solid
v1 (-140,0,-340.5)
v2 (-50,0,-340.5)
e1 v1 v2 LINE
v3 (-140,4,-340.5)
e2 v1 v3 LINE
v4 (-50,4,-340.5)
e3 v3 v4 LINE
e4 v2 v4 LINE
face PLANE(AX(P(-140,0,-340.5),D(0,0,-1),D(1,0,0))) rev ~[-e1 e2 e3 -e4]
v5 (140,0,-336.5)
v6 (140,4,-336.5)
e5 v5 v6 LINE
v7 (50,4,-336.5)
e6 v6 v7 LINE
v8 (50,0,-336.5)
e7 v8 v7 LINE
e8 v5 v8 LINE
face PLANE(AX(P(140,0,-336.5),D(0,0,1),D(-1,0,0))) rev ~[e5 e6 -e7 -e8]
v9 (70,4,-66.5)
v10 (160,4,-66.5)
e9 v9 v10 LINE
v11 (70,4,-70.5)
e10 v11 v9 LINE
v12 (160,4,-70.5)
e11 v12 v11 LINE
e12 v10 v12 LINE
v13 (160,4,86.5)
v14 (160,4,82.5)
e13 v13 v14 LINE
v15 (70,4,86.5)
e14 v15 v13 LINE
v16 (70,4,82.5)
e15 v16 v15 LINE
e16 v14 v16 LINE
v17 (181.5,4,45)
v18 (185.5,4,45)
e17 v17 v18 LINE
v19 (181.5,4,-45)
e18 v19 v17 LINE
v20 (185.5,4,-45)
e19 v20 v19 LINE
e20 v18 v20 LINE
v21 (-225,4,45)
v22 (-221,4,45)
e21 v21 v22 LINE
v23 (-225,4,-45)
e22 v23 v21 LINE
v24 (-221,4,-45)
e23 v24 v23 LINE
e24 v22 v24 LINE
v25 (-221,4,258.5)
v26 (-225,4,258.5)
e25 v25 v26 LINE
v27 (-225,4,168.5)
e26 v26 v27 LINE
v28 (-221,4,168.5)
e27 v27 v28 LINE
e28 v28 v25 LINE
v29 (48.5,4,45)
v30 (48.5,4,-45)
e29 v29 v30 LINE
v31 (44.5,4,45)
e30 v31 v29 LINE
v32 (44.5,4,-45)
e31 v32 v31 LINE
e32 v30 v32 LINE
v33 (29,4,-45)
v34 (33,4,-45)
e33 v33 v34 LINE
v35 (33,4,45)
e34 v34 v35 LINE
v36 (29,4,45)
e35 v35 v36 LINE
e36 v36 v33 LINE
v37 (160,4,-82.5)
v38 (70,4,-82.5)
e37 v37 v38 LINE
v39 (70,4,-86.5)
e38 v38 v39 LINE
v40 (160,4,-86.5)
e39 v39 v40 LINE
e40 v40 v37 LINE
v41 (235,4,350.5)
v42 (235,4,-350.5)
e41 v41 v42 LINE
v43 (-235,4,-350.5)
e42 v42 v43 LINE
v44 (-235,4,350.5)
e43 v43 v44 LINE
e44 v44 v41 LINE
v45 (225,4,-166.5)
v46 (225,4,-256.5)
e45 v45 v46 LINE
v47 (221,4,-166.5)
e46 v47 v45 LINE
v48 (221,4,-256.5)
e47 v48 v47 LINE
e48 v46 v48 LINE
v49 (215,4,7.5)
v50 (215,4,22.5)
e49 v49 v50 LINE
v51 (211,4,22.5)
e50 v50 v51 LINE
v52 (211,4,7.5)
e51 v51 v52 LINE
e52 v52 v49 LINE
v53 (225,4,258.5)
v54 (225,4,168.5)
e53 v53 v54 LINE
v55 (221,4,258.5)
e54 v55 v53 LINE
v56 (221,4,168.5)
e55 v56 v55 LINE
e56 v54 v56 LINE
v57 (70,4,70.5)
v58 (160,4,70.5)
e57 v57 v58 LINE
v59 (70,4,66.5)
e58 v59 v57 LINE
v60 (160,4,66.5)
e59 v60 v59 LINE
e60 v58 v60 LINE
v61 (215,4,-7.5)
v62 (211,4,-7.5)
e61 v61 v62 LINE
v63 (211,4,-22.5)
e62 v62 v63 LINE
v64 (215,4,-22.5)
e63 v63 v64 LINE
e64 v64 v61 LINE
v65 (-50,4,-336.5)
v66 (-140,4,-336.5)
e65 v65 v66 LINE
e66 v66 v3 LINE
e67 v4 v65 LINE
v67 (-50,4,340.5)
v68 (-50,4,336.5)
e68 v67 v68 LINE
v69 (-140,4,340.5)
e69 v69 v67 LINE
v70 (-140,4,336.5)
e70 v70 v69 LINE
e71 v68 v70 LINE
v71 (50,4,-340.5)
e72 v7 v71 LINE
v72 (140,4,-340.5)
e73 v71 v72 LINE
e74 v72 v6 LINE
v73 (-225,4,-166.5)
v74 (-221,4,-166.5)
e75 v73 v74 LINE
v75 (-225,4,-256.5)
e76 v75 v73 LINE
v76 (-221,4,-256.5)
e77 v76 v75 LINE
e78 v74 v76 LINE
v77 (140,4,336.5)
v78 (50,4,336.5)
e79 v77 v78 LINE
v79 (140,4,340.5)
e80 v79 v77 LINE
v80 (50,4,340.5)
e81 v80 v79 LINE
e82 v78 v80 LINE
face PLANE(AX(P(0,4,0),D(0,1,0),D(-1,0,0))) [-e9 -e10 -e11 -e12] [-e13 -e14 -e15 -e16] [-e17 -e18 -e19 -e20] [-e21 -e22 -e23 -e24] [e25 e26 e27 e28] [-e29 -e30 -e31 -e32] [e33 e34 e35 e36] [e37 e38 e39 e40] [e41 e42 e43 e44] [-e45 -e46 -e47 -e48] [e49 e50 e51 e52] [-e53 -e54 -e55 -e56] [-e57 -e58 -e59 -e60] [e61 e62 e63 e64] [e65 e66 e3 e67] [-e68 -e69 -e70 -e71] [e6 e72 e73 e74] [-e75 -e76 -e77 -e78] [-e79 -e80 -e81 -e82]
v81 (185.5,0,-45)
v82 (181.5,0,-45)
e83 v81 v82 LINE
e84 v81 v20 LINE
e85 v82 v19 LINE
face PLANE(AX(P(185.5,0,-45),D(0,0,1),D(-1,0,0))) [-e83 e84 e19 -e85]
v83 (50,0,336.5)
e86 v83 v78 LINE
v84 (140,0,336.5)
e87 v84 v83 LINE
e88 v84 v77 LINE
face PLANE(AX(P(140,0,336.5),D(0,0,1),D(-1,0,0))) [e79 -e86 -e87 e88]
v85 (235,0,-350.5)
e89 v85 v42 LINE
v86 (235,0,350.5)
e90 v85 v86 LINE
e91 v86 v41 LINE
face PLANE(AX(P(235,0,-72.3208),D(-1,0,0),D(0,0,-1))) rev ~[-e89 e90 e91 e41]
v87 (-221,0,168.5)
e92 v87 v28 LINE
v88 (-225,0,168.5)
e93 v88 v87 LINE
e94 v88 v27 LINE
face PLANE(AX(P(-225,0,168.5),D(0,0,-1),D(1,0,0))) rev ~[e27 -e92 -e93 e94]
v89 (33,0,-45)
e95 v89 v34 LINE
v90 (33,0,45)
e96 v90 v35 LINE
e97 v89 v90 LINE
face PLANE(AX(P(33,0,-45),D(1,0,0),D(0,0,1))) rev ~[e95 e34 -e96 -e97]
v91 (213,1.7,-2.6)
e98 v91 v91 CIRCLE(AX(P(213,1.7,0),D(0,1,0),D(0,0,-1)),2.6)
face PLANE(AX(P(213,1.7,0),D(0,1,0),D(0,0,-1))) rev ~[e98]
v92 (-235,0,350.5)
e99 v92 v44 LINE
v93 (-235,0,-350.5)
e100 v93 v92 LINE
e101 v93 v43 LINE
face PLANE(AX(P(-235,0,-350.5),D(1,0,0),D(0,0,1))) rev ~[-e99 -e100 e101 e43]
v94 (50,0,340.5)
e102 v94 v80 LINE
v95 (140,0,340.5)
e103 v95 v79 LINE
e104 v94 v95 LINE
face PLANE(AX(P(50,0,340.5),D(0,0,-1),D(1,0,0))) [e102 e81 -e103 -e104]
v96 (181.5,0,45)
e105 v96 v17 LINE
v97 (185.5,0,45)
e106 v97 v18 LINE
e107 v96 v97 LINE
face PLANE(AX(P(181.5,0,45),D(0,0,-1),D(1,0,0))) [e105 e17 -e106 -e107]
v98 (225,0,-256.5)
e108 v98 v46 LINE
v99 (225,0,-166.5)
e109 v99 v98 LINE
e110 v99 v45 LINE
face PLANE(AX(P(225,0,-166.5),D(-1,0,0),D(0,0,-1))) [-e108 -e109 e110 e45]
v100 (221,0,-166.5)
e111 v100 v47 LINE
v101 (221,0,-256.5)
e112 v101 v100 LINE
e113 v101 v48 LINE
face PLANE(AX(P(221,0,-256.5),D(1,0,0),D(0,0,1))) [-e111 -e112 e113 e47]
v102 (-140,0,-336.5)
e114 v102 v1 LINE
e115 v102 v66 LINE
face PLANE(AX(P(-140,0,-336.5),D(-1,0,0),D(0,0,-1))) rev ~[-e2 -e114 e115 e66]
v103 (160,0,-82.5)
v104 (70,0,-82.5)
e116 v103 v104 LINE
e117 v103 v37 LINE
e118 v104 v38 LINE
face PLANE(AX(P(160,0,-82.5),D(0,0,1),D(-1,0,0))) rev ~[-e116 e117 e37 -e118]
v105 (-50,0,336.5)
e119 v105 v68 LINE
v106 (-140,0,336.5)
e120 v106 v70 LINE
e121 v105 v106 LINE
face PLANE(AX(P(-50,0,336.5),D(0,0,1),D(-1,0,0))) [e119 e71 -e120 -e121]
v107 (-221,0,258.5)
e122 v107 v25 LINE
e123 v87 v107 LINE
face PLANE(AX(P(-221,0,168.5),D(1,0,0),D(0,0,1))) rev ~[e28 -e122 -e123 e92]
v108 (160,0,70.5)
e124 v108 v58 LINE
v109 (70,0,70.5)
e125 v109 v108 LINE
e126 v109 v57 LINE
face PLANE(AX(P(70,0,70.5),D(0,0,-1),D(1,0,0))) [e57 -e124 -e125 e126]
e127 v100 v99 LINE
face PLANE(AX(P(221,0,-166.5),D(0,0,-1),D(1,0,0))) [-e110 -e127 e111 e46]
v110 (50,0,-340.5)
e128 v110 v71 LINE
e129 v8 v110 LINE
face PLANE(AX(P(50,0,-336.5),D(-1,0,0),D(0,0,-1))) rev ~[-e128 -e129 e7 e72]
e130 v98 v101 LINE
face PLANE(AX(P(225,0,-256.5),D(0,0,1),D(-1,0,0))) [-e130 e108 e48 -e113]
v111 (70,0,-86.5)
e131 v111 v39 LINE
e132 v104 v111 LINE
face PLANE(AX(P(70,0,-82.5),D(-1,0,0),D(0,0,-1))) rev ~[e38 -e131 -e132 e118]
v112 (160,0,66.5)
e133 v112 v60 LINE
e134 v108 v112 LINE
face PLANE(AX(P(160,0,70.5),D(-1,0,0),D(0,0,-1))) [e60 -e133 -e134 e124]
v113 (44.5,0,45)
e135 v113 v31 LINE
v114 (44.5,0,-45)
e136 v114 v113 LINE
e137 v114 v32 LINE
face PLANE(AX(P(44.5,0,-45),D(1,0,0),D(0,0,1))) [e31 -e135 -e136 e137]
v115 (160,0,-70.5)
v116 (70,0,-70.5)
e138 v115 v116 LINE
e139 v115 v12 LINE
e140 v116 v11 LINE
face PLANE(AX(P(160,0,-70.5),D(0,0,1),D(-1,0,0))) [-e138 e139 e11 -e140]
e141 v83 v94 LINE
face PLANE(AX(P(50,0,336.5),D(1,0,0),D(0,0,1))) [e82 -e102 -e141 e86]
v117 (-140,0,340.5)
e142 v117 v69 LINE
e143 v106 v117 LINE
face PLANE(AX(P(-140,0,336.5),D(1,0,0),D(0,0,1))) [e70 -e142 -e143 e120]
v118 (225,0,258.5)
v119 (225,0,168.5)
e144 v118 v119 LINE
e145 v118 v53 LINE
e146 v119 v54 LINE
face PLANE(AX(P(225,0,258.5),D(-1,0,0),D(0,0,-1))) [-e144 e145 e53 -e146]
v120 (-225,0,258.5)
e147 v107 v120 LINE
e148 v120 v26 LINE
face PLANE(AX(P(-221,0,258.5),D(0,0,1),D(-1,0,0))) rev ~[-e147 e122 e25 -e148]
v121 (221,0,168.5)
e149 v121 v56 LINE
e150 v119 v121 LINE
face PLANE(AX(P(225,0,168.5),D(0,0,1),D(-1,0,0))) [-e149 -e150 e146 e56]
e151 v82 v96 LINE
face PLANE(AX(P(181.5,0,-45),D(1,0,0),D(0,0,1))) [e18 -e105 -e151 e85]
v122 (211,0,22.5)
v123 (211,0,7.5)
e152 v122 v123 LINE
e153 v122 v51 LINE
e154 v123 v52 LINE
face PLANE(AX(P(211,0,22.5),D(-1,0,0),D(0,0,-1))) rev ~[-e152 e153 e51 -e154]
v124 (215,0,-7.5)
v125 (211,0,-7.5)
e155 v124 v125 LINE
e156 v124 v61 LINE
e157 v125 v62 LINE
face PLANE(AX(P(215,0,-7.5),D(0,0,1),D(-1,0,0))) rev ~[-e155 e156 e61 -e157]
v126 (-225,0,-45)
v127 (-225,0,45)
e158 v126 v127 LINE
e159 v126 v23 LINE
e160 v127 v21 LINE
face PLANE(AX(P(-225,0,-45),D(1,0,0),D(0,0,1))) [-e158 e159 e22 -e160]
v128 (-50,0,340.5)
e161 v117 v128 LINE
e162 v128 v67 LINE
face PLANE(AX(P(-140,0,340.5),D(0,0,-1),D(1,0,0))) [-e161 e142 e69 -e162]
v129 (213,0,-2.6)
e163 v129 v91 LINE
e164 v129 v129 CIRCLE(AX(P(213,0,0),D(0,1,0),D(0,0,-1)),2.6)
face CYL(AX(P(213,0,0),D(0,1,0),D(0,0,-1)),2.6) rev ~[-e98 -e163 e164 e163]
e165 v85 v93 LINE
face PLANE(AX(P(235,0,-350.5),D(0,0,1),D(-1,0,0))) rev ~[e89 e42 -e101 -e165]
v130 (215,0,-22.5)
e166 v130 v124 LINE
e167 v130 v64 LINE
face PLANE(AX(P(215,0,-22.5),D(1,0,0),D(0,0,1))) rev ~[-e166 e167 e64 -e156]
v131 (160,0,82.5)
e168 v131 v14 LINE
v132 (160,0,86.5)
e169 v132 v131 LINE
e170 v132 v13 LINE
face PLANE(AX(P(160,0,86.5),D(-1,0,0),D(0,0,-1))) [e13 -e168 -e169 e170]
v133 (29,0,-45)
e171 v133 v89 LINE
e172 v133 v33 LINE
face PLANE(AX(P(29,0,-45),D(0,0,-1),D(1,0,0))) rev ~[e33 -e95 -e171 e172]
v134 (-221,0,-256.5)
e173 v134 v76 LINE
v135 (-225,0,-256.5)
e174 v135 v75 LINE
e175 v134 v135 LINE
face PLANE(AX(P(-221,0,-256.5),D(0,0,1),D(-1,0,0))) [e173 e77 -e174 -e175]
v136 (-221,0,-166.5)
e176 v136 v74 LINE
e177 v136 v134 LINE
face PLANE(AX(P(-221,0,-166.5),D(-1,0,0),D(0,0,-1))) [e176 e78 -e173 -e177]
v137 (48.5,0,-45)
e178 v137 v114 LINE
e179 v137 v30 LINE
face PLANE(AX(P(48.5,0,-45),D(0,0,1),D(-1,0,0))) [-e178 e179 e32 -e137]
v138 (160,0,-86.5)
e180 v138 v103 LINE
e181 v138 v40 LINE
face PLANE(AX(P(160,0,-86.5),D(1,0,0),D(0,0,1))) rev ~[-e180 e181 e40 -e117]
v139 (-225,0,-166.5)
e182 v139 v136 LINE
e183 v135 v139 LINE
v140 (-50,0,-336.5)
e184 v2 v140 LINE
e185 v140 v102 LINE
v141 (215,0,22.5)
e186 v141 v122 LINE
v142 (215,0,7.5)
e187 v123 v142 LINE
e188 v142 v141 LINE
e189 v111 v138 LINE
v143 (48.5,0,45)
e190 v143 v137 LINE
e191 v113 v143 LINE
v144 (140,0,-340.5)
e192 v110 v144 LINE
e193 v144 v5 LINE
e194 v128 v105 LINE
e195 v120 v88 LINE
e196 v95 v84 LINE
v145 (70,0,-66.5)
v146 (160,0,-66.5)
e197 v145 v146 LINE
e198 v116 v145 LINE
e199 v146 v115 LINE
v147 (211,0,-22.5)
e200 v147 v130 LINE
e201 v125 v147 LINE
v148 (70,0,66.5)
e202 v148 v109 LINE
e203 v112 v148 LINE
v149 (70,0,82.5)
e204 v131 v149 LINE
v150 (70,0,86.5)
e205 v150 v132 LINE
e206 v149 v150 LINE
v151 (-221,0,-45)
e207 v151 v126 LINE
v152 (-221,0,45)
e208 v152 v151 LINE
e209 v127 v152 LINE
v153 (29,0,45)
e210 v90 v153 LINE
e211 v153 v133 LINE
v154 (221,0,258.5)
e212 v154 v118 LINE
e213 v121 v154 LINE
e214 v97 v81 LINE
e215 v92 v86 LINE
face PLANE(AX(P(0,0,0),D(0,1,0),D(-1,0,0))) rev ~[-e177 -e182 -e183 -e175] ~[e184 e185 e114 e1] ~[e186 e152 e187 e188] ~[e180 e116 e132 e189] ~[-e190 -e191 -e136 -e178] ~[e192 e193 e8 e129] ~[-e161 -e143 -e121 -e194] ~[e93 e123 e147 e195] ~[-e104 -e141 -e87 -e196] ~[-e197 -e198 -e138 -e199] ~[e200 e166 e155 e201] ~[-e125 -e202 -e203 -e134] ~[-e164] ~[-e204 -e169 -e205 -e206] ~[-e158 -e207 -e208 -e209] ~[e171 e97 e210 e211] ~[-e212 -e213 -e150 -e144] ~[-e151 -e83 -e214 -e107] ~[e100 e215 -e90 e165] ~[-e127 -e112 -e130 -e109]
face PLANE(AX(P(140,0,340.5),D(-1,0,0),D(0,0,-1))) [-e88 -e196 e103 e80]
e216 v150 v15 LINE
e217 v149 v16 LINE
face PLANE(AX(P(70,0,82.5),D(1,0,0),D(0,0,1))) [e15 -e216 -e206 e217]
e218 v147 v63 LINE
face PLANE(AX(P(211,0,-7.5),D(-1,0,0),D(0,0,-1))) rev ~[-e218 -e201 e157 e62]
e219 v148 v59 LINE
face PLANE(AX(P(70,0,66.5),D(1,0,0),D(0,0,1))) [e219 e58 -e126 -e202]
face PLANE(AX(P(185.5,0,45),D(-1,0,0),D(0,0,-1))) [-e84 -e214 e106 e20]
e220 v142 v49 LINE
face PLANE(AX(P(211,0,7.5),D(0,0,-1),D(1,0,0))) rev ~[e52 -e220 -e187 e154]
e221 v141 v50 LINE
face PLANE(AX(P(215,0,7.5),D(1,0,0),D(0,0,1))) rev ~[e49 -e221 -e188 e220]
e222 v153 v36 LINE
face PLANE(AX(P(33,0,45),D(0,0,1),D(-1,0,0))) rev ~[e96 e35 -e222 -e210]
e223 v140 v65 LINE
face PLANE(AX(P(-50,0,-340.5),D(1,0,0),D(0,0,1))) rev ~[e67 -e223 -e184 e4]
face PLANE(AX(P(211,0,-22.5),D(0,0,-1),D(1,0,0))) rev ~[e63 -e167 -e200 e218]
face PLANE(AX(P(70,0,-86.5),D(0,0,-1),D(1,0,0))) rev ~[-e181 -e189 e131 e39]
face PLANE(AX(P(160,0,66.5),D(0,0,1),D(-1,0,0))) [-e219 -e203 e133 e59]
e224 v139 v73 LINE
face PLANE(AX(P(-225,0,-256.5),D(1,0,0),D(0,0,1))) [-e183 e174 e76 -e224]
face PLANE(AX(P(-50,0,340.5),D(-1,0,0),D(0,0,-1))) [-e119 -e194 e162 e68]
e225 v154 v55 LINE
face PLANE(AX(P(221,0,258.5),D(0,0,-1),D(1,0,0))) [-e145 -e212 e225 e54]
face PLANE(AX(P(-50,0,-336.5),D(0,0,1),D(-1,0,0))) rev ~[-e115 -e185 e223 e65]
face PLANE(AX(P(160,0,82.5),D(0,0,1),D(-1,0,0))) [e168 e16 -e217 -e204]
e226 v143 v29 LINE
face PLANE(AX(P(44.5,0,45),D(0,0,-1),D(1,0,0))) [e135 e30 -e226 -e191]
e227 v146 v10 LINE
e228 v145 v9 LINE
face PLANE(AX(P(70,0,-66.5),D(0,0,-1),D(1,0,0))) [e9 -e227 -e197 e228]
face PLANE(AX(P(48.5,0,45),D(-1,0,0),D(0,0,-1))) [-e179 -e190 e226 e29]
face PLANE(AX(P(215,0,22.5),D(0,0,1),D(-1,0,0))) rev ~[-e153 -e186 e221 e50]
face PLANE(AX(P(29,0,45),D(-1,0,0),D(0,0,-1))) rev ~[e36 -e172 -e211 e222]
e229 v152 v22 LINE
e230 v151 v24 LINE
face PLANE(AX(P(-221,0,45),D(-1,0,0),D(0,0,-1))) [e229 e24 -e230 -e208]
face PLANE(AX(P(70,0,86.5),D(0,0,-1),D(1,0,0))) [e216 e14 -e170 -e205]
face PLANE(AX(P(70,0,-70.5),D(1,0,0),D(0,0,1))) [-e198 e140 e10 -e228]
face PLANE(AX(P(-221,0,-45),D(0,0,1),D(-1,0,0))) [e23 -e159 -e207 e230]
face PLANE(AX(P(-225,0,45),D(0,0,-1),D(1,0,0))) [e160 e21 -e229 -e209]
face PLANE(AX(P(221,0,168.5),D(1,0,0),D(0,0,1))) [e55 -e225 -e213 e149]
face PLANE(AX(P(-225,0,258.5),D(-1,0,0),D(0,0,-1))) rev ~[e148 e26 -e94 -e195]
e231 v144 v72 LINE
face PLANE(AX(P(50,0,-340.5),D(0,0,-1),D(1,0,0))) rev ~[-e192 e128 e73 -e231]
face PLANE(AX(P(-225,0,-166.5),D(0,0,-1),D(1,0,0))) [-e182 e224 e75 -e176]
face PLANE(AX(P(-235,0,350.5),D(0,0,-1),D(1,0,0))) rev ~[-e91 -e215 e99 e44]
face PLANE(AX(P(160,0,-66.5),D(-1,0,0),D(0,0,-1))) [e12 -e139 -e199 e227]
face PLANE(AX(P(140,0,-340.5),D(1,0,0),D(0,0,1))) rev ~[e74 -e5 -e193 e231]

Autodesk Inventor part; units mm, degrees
ref_plane "YZ Plane" through (0, 0, 0) normal (1, 0, 0) x (0, 1, 0)
ref_plane "XZ Plane" through (0, 0, 0) normal (0, 1, 0) x (-1, 0, 0)
ref_plane "XY Plane" through (0, 0, 0) normal (0, 0, 1) x (1, 0, 0)
sketch "Эскиз1" plane through (0, 0, 0) normal (0, 1, 0) x (-1, 0, 0)
  line L0 (-225, 340.5) -> (225, 340.5) construction
  line L1 (225, 340.5) -> (225, -340.5) construction
  line L2 (225, -340.5) -> (-225, -340.5) construction
  line L3 (-225, -340.5) -> (-225, 340.5) construction
  line L4 (-225, 340.5) -> (225, -340.5) construction
  line L5 (225, 340.5) -> (-225, -340.5) construction
  line L6 (-185, -70.5) -> (-45, -70.5) construction
  line L7 (-45, -70.5) -> (-45, 70.5) construction
  line L8 (-45, 70.5) -> (-185, 70.5) construction
  line L9 (-185, 70.5) -> (-185, -70.5) construction
  line L10 (-185, -70.5) -> (-45, 70.5) construction
  line L11 (-45, -70.5) -> (-185, 70.5) construction
  line L12 (221, -336.5) -> (221, 336.5) construction
  line L13 (221, 336.5) -> (-221, 336.5) construction
  line L14 (-221, -336.5) -> (221, -336.5) construction
  line L15 (263.1324, 0) -> (0, 0) construction
  line L16 (-221, 86.5) -> (-29, 86.5) construction
  line L17 (-29, 86.5) -> (-29, -86.5) construction
  line L18 (-29, -86.5) -> (-221, -86.5) construction
  line L19 (-225, 82.5) -> (-33, 82.5) construction
  line L20 (-33, 82.5) -> (-33, -82.5) construction
  line L21 (-33, -82.5) -> (-225, -82.5) construction
  line L22 (-221, 336.5) -> (-221, 86.5) construction
  line L23 (-221, -86.5) -> (-221, -336.5) construction
  line L24 (-95.3724, 0) -> (-115, 0) construction
  line L25 (-115, 0) -> (-115, -31.3675) construction
  line L26 (-70, 70.5) -> (-160, 70.5)
  line L27 (-160, 70.5) -> (-160, 66.5)
  line L28 (-160, 66.5) -> (-70, 66.5)
  line L29 (-70, 66.5) -> (-70, 70.5)
  line L30 (-181.5, -45) -> (-181.5, 45)
  line L31 (-181.5, 45) -> (-185.5, 45)
  line L32 (-185.5, -45) -> (-181.5, -45)
  line L33 (-185.5, 45) -> (-185.5, -45)
  line L34 (-70, -66.5) -> (-160, -66.5)
  line L35 (-160, -66.5) -> (-160, -70.5)
  line L36 (-70, -70.5) -> (-70, -66.5)
  line L37 (-160, -70.5) -> (-70, -70.5)
  line L38 (-48.5, 45) -> (-48.5, -45)
  line L39 (-48.5, -45) -> (-44.5, -45)
  line L40 (-44.5, 45) -> (-48.5, 45)
  line L41 (-44.5, -45) -> (-44.5, 45)
  line L42 (235, 350.5) -> (-235, 350.5)
  line L43 (-235, 350.5) -> (-235, -350.5)
  line L44 (-235, -350.5) -> (235, -350.5)
  line L45 (235, -350.5) -> (235, 350.5)
  line L46 (140, 340.5) -> (50, 340.5)
  line L47 (50, 340.5) -> (50, 336.5)
  line L48 (50, 336.5) -> (140, 336.5)
  line L49 (140, 336.5) -> (140, 340.5)
  line L50 (-50, 340.5) -> (-140, 340.5)
  line L51 (-140, 340.5) -> (-140, 336.5)
  line L52 (-140, 336.5) -> (-50, 336.5)
  line L53 (-50, 336.5) -> (-50, 340.5)
  line L54 (0, 0) -> (0, -86) construction
  line L55 (140, -340.5) -> (50, -340.5)
  line L56 (50, -340.5) -> (50, -336.5)
  line L57 (50, -336.5) -> (140, -336.5)
  line L58 (140, -336.5) -> (140, -340.5)
  line L59 (-50, -340.5) -> (-140, -340.5)
  line L60 (-140, -340.5) -> (-140, -336.5)
  line L61 (-140, -336.5) -> (-50, -336.5)
  line L62 (-50, -336.5) -> (-50, -340.5)
  line L63 (-225, 258.5) -> (-225, 168.5)
  line L64 (-225, 168.5) -> (-221, 168.5)
  line L65 (-221, 168.5) -> (-221, 258.5)
  line L66 (-221, 258.5) -> (-225, 258.5)
  line L67 (-225, -166.5) -> (-225, -256.5)
  line L68 (-225, -256.5) -> (-221, -256.5)
  line L69 (-221, -256.5) -> (-221, -166.5)
  line L70 (-221, -166.5) -> (-225, -166.5)
  line L71 (-29, 45) -> (-29, -45)
  line L72 (-29, -45) -> (-33, -45)
  line L73 (-33, -45) -> (-33, 45)
  line L74 (-33, 45) -> (-29, 45)
  line L75 (-70, -82.5) -> (-70, -86.5)
  line L76 (-70, -86.5) -> (-160, -86.5)
  line L77 (-160, -86.5) -> (-160, -82.5)
  line L78 (-160, -82.5) -> (-70, -82.5)
  line L79 (-70, 82.5) -> (-70, 86.5)
  line L80 (-70, 86.5) -> (-160, 86.5)
  line L81 (-160, 86.5) -> (-160, 82.5)
  line L82 (-160, 82.5) -> (-70, 82.5)
  line L83 (225, 258.5) -> (225, 168.5)
  line L84 (225, 168.5) -> (221, 168.5)
  line L85 (221, 168.5) -> (221, 258.5)
  line L86 (221, 258.5) -> (225, 258.5)
  line L87 (221, 45) -> (221, -45)
  line L88 (221, -45) -> (225, -45)
  line L89 (225, -45) -> (225, 45)
  line L90 (225, 45) -> (221, 45)
  line L91 (221, -166.5) -> (221, -256.5)
  line L92 (221, -256.5) -> (225, -256.5)
  line L93 (225, -256.5) -> (225, -166.5)
  line L94 (225, -166.5) -> (221, -166.5)
  line L95 (-235, -72.3208) -> (-235, 372.16)
  line L96 (-215, 22.5) -> (-211, 22.5)
  line L97 (-211, 22.5) -> (-211, 7.5)
  line L98 (-211, 7.5) -> (-215, 7.5)
  line L99 (-215, 7.5) -> (-215, 22.5)
  line L100 (-215, -7.5) -> (-211, -7.5)
  line L101 (-211, -7.5) -> (-211, -22.5)
  line L102 (-211, -22.5) -> (-215, -22.5)
  line L103 (-215, -22.5) -> (-215, -7.5)
  circle A0 centre (-213, 0) radius 2.6 construction
  line L104 (-213, -7.5) -> (-213, 7.5) construction
  point P0 (-213, -22.5)
  dimension "d13" = 140
  dimension "d14" = 141
  dimension "d15" = 4
  dimension "d17" = 16
  dimension "d18" = 16
  dimension "d19" = 16
  dimension "d20" = 4
  dimension "d22" = 4
  dimension "d23" = 4
  dimension "d24" = 250
  dimension "d25" = 4
  dimension "d26" = 4
  dimension "d27" = 250
  dimension "d28" = 90
  dimension "d29" = 4
  dimension "d32" = 360
  dimension "d34" = 4
  dimension "d35" = 10
  dimension "d36" = 50
  dimension "d37" = 90
  dimension "d39" = 100
  dimension "d40" = 90
  dimension "d41" = 86
  dimension "d42" = 84
  dimension "d56" = 4
  dimension "d57" = 4
  dimension "d58" = 15
  dimension "d59" = 20
  dimension "d62" = 5.2
  dimension "d70" = 15
extrude "Выдавливание1" add sketch "Эскиз1" along normal blind 4
sketch "Эскиз3" plane through (0, 0, 0) normal (0, 1, 0) x (1, 0, 0)
  circle A0 centre (213, 0) radius 2.6 construction
  point P0 (0, 0)
hole "Отверстие1" at (213, 0, 0) direction (0, 1, 0) diameter 5.2 depth 1.7
equation "\"d18\" = d17"
equation "\"d19\" = d17"
equation "\"d20\" = d15"
equation "\"d22\" = d20"
equation "\"d23\" = d20"
equation "\"d25\" = d34"
equation "\"d26\" = d15"
equation "\"d28\" = d40"
equation "\"d29\" = d15"
equation "\"d34\" = d15"
equation "\"d37\" = d40"
properties part number "основание"
